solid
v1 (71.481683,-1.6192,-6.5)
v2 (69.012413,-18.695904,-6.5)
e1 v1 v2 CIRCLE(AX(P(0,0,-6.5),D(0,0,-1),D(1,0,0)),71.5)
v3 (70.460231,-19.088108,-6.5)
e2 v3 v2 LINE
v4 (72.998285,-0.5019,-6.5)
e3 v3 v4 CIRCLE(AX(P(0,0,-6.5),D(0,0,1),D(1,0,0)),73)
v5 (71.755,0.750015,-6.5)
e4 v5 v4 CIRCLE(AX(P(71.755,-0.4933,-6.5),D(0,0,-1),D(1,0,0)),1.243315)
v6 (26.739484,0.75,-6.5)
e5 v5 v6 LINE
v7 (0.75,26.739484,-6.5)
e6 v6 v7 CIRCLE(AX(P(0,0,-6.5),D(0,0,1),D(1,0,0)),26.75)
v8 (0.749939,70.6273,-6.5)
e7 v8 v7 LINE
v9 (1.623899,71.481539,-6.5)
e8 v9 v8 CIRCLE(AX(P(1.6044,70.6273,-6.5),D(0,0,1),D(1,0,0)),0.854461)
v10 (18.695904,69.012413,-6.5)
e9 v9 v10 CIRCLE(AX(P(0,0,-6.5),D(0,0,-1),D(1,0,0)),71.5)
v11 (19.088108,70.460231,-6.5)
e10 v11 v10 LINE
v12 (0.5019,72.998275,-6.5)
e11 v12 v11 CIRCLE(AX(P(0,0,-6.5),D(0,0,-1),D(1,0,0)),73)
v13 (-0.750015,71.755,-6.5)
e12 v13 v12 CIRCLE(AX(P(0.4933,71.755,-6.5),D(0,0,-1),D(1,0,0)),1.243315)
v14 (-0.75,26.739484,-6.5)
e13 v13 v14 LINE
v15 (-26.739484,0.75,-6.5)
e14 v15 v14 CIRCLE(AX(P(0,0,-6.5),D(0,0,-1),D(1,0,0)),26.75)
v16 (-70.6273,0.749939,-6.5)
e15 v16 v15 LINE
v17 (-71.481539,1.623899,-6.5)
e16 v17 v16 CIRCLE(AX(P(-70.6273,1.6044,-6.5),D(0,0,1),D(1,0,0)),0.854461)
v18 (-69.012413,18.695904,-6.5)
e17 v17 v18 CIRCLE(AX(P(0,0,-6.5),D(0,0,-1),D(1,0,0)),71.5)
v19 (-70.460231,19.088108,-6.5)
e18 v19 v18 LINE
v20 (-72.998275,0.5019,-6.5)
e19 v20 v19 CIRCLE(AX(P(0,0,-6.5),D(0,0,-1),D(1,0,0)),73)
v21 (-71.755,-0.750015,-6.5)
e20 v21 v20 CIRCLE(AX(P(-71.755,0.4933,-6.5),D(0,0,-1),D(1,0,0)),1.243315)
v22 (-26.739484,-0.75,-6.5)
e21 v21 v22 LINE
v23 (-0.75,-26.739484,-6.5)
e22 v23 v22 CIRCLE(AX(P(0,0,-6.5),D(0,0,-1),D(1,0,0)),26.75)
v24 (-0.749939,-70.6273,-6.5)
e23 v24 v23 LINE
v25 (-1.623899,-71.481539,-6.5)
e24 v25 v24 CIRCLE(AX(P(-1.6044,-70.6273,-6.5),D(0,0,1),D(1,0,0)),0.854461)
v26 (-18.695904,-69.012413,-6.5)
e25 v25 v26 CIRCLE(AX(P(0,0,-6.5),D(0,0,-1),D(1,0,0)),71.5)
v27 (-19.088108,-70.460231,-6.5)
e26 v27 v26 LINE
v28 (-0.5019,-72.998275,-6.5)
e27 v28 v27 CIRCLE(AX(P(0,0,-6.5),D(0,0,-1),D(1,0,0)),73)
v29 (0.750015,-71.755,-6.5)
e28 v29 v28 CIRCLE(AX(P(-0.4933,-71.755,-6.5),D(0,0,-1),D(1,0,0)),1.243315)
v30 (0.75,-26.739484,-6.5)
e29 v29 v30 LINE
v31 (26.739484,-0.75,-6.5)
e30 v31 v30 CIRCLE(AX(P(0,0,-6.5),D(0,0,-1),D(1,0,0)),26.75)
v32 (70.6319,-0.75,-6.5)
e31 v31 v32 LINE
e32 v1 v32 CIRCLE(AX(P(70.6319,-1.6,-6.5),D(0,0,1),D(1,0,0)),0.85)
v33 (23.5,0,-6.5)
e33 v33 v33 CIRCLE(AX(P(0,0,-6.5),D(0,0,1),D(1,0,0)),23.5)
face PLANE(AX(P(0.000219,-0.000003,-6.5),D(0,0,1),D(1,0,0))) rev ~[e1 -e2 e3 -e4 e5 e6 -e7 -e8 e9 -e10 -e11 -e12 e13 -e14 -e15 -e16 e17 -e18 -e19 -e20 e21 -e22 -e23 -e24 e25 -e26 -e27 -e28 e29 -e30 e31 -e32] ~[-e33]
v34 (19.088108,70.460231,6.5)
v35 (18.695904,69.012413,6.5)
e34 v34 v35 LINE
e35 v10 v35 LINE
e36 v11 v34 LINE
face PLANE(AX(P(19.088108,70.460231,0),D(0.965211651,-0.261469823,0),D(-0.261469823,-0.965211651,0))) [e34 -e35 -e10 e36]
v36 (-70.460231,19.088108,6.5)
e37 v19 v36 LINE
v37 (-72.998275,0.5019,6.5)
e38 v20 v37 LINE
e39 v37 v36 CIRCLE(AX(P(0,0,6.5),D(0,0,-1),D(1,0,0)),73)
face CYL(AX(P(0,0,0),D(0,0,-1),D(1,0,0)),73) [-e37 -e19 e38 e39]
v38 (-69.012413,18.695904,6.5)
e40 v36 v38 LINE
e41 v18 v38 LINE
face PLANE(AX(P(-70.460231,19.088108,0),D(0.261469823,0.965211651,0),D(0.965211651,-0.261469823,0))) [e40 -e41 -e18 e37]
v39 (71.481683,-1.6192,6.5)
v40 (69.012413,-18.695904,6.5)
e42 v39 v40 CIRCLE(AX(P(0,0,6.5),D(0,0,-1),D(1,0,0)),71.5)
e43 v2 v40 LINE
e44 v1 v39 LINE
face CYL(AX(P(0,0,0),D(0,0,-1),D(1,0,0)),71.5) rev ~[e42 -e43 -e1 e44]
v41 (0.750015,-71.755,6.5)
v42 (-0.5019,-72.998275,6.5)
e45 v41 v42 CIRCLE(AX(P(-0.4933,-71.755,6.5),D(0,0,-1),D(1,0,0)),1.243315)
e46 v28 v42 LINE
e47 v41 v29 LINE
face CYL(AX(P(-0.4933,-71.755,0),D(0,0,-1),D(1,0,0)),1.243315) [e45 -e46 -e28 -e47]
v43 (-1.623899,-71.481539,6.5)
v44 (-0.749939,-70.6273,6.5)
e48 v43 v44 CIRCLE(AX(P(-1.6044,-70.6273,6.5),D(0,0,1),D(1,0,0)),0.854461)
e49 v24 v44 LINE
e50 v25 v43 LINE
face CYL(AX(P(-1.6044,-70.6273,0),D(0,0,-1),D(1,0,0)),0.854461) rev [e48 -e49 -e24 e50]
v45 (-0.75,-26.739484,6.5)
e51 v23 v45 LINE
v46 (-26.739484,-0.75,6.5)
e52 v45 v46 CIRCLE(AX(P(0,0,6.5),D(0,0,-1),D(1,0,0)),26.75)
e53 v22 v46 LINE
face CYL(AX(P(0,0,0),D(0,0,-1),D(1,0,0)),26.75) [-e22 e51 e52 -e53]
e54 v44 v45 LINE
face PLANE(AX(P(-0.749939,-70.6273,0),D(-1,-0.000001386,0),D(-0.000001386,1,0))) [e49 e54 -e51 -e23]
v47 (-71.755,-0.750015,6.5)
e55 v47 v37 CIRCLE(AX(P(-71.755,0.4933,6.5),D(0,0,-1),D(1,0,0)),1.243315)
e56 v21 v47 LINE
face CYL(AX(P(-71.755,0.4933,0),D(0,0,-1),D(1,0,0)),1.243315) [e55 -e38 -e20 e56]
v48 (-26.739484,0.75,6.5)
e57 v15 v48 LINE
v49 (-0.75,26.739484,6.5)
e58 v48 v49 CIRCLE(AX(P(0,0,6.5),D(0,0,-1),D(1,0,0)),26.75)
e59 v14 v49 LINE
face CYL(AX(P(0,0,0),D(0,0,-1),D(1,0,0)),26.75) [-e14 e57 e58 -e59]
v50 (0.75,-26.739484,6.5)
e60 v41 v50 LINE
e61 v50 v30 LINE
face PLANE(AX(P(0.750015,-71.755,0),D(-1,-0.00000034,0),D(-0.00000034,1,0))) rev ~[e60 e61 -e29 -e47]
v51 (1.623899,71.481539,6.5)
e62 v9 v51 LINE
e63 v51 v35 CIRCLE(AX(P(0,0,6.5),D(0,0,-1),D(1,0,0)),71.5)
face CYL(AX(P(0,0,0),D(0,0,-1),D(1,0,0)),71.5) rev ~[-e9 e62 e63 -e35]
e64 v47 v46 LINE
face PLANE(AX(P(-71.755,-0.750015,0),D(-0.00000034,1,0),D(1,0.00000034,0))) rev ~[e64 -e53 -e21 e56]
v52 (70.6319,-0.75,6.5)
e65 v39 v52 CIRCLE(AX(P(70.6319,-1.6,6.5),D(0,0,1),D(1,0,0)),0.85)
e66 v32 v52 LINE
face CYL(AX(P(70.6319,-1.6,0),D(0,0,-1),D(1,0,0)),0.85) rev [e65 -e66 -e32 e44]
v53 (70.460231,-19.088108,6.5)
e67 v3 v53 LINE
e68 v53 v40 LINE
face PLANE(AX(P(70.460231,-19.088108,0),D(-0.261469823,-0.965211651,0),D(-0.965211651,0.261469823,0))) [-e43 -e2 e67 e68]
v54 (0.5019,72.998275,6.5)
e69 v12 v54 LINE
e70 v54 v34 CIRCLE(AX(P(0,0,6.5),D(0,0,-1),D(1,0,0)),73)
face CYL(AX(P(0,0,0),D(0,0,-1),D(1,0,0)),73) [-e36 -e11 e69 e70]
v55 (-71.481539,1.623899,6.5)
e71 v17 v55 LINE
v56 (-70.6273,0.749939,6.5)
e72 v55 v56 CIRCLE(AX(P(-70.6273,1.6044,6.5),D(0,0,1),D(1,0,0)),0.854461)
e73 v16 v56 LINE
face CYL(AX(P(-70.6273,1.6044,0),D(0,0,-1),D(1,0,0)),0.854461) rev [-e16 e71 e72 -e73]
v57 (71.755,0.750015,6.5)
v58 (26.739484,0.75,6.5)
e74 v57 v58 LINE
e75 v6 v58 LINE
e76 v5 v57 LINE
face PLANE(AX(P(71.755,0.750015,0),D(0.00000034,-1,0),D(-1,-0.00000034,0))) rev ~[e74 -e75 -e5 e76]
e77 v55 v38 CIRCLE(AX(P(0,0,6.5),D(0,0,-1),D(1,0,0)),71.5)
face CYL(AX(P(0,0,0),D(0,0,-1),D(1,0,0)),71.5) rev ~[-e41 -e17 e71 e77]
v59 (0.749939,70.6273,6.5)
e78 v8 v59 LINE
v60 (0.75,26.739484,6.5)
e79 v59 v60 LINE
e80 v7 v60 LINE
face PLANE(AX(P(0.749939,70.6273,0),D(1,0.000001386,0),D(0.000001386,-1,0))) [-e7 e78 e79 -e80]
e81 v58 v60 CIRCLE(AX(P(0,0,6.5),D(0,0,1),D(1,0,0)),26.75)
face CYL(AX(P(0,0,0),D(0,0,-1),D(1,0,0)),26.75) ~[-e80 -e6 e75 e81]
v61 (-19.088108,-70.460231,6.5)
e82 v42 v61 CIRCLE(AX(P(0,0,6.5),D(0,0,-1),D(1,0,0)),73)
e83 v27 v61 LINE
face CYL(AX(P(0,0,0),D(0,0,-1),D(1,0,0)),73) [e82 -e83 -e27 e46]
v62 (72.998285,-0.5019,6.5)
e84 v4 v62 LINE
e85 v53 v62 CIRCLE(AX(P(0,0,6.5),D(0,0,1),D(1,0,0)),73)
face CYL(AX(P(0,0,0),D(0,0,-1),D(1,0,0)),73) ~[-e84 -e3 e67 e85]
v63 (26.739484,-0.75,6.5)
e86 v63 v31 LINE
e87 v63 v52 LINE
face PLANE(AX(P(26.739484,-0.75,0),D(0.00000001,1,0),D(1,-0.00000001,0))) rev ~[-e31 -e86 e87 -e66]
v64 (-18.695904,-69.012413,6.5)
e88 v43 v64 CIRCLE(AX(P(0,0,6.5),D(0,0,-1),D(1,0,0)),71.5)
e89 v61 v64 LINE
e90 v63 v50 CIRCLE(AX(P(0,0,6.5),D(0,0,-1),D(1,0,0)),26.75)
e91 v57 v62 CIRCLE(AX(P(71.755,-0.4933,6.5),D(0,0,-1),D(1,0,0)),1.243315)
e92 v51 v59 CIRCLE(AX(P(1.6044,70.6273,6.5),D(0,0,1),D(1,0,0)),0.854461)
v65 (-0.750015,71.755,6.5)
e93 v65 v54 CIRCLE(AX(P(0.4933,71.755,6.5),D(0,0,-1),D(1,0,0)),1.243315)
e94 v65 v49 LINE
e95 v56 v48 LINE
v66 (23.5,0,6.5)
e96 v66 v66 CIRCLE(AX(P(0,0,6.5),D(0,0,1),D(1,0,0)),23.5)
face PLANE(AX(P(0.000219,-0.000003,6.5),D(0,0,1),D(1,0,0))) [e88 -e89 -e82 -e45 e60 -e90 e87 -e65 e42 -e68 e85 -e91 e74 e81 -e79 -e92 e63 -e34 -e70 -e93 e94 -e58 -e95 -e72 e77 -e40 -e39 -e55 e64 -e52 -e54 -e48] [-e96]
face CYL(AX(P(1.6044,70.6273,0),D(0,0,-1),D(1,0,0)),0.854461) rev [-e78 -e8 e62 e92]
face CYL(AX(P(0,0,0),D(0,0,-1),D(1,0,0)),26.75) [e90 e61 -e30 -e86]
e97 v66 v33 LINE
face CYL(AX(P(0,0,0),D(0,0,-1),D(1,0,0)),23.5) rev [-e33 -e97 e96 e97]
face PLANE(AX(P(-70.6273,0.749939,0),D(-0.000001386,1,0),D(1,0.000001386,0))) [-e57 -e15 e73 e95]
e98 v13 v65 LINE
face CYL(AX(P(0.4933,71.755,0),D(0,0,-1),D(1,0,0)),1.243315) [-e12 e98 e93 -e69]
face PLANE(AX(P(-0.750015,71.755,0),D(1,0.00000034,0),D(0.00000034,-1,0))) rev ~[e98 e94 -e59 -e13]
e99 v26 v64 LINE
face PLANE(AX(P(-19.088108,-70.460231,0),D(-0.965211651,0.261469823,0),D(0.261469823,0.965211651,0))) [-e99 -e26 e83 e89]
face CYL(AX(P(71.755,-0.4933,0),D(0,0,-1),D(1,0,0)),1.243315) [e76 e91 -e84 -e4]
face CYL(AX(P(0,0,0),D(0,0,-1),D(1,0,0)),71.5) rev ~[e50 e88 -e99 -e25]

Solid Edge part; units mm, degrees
sketch "Sketch1" plane through (0, 0, 0) normal (0, 0, 1) x (1, 0, 0)
  line L0 (26.7395, -0.75) -> (70.6319, -0.75)
  arc A0 (71.4817, -1.6192) -> (70.6319, -0.75) centre (70.6319, -1.6) ccw
  arc A1 (71.4817, -1.6192) -> (69.0124, -18.6959) centre (0, 0) cw
  line L1 (70.4602, -19.0881) -> (69.0124, -18.6959)
  arc A2 (71.755, 0.75) -> (72.9983, -0.5019) centre (71.755, -0.4933) cw
  line L2 (71.755, 0.75) -> (26.7395, 0.75)
  line L3 (0.75, 70.6273) -> (0.75, 26.7395)
  arc A3 (1.6239, 71.4816) -> (0.75, 70.6273) centre (1.6044, 70.6273) ccw
  line L4 (19.0881, 70.4602) -> (18.6959, 69.0124)
  arc A4 (0.5019, 72.9983) -> (19.0881, 70.4602) centre (0, 0) cw
  arc A5 (-0.75, 71.755) -> (0.5019, 72.9983) centre (0.4933, 71.755) cw
  line L5 (-0.75, 71.755) -> (-0.75, 26.7395)
  arc A6 (-26.7395, 0.75) -> (-0.75, 26.7395) centre (0, 0) cw
  line L6 (-70.6273, 0.75) -> (-26.7395, 0.75)
  arc A7 (-71.4816, 1.6239) -> (-70.6273, 0.75) centre (-70.6273, 1.6044) ccw
  arc A8 (-71.4816, 1.6239) -> (-69.0124, 18.6959) centre (0, 0) cw
  line L7 (-70.4602, 19.0881) -> (-69.0124, 18.6959)
  arc A9 (-72.9983, 0.5019) -> (-70.4602, 19.0881) centre (0, 0) cw
  arc A10 (-71.755, -0.75) -> (-72.9983, 0.5019) centre (-71.755, 0.4933) cw
  line L8 (-71.755, -0.75) -> (-26.7395, -0.75)
  arc A11 (-0.75, -26.7395) -> (-26.7395, -0.75) centre (0, 0) cw
  line L9 (-0.75, -70.6273) -> (-0.75, -26.7395)
  arc A12 (-1.6239, -71.4816) -> (-0.75, -70.6273) centre (-1.6044, -70.6273) ccw
  arc A13 (-1.6239, -71.4816) -> (-18.6959, -69.0124) centre (0, 0) cw
  line L10 (-19.0881, -70.4602) -> (-18.6959, -69.0124)
  arc A14 (-0.5019, -72.9983) -> (-19.0881, -70.4602) centre (0, 0) cw
  arc A15 (0.75, -71.755) -> (-0.5019, -72.9983) centre (-0.4933, -71.755) cw
  line L11 (0.75, -71.755) -> (0.75, -26.7395)
  arc A16 (26.7395, -0.75) -> (0.75, -26.7395) centre (0, 0) cw
  arc A17 (70.4602, -19.0881) -> (72.9983, -0.5019) centre (0, 0) ccw
  arc A18 (26.7395, 0.75) -> (0.75, 26.7395) centre (0, 0) ccw
  arc A19 (1.6239, 71.4816) -> (18.6959, 69.0124) centre (0, 0) cw
  circle A20 centre (0, 0) radius 23.5
extrude "Protrusion1" add sketch "Sketch1" along normal mid plane 13
